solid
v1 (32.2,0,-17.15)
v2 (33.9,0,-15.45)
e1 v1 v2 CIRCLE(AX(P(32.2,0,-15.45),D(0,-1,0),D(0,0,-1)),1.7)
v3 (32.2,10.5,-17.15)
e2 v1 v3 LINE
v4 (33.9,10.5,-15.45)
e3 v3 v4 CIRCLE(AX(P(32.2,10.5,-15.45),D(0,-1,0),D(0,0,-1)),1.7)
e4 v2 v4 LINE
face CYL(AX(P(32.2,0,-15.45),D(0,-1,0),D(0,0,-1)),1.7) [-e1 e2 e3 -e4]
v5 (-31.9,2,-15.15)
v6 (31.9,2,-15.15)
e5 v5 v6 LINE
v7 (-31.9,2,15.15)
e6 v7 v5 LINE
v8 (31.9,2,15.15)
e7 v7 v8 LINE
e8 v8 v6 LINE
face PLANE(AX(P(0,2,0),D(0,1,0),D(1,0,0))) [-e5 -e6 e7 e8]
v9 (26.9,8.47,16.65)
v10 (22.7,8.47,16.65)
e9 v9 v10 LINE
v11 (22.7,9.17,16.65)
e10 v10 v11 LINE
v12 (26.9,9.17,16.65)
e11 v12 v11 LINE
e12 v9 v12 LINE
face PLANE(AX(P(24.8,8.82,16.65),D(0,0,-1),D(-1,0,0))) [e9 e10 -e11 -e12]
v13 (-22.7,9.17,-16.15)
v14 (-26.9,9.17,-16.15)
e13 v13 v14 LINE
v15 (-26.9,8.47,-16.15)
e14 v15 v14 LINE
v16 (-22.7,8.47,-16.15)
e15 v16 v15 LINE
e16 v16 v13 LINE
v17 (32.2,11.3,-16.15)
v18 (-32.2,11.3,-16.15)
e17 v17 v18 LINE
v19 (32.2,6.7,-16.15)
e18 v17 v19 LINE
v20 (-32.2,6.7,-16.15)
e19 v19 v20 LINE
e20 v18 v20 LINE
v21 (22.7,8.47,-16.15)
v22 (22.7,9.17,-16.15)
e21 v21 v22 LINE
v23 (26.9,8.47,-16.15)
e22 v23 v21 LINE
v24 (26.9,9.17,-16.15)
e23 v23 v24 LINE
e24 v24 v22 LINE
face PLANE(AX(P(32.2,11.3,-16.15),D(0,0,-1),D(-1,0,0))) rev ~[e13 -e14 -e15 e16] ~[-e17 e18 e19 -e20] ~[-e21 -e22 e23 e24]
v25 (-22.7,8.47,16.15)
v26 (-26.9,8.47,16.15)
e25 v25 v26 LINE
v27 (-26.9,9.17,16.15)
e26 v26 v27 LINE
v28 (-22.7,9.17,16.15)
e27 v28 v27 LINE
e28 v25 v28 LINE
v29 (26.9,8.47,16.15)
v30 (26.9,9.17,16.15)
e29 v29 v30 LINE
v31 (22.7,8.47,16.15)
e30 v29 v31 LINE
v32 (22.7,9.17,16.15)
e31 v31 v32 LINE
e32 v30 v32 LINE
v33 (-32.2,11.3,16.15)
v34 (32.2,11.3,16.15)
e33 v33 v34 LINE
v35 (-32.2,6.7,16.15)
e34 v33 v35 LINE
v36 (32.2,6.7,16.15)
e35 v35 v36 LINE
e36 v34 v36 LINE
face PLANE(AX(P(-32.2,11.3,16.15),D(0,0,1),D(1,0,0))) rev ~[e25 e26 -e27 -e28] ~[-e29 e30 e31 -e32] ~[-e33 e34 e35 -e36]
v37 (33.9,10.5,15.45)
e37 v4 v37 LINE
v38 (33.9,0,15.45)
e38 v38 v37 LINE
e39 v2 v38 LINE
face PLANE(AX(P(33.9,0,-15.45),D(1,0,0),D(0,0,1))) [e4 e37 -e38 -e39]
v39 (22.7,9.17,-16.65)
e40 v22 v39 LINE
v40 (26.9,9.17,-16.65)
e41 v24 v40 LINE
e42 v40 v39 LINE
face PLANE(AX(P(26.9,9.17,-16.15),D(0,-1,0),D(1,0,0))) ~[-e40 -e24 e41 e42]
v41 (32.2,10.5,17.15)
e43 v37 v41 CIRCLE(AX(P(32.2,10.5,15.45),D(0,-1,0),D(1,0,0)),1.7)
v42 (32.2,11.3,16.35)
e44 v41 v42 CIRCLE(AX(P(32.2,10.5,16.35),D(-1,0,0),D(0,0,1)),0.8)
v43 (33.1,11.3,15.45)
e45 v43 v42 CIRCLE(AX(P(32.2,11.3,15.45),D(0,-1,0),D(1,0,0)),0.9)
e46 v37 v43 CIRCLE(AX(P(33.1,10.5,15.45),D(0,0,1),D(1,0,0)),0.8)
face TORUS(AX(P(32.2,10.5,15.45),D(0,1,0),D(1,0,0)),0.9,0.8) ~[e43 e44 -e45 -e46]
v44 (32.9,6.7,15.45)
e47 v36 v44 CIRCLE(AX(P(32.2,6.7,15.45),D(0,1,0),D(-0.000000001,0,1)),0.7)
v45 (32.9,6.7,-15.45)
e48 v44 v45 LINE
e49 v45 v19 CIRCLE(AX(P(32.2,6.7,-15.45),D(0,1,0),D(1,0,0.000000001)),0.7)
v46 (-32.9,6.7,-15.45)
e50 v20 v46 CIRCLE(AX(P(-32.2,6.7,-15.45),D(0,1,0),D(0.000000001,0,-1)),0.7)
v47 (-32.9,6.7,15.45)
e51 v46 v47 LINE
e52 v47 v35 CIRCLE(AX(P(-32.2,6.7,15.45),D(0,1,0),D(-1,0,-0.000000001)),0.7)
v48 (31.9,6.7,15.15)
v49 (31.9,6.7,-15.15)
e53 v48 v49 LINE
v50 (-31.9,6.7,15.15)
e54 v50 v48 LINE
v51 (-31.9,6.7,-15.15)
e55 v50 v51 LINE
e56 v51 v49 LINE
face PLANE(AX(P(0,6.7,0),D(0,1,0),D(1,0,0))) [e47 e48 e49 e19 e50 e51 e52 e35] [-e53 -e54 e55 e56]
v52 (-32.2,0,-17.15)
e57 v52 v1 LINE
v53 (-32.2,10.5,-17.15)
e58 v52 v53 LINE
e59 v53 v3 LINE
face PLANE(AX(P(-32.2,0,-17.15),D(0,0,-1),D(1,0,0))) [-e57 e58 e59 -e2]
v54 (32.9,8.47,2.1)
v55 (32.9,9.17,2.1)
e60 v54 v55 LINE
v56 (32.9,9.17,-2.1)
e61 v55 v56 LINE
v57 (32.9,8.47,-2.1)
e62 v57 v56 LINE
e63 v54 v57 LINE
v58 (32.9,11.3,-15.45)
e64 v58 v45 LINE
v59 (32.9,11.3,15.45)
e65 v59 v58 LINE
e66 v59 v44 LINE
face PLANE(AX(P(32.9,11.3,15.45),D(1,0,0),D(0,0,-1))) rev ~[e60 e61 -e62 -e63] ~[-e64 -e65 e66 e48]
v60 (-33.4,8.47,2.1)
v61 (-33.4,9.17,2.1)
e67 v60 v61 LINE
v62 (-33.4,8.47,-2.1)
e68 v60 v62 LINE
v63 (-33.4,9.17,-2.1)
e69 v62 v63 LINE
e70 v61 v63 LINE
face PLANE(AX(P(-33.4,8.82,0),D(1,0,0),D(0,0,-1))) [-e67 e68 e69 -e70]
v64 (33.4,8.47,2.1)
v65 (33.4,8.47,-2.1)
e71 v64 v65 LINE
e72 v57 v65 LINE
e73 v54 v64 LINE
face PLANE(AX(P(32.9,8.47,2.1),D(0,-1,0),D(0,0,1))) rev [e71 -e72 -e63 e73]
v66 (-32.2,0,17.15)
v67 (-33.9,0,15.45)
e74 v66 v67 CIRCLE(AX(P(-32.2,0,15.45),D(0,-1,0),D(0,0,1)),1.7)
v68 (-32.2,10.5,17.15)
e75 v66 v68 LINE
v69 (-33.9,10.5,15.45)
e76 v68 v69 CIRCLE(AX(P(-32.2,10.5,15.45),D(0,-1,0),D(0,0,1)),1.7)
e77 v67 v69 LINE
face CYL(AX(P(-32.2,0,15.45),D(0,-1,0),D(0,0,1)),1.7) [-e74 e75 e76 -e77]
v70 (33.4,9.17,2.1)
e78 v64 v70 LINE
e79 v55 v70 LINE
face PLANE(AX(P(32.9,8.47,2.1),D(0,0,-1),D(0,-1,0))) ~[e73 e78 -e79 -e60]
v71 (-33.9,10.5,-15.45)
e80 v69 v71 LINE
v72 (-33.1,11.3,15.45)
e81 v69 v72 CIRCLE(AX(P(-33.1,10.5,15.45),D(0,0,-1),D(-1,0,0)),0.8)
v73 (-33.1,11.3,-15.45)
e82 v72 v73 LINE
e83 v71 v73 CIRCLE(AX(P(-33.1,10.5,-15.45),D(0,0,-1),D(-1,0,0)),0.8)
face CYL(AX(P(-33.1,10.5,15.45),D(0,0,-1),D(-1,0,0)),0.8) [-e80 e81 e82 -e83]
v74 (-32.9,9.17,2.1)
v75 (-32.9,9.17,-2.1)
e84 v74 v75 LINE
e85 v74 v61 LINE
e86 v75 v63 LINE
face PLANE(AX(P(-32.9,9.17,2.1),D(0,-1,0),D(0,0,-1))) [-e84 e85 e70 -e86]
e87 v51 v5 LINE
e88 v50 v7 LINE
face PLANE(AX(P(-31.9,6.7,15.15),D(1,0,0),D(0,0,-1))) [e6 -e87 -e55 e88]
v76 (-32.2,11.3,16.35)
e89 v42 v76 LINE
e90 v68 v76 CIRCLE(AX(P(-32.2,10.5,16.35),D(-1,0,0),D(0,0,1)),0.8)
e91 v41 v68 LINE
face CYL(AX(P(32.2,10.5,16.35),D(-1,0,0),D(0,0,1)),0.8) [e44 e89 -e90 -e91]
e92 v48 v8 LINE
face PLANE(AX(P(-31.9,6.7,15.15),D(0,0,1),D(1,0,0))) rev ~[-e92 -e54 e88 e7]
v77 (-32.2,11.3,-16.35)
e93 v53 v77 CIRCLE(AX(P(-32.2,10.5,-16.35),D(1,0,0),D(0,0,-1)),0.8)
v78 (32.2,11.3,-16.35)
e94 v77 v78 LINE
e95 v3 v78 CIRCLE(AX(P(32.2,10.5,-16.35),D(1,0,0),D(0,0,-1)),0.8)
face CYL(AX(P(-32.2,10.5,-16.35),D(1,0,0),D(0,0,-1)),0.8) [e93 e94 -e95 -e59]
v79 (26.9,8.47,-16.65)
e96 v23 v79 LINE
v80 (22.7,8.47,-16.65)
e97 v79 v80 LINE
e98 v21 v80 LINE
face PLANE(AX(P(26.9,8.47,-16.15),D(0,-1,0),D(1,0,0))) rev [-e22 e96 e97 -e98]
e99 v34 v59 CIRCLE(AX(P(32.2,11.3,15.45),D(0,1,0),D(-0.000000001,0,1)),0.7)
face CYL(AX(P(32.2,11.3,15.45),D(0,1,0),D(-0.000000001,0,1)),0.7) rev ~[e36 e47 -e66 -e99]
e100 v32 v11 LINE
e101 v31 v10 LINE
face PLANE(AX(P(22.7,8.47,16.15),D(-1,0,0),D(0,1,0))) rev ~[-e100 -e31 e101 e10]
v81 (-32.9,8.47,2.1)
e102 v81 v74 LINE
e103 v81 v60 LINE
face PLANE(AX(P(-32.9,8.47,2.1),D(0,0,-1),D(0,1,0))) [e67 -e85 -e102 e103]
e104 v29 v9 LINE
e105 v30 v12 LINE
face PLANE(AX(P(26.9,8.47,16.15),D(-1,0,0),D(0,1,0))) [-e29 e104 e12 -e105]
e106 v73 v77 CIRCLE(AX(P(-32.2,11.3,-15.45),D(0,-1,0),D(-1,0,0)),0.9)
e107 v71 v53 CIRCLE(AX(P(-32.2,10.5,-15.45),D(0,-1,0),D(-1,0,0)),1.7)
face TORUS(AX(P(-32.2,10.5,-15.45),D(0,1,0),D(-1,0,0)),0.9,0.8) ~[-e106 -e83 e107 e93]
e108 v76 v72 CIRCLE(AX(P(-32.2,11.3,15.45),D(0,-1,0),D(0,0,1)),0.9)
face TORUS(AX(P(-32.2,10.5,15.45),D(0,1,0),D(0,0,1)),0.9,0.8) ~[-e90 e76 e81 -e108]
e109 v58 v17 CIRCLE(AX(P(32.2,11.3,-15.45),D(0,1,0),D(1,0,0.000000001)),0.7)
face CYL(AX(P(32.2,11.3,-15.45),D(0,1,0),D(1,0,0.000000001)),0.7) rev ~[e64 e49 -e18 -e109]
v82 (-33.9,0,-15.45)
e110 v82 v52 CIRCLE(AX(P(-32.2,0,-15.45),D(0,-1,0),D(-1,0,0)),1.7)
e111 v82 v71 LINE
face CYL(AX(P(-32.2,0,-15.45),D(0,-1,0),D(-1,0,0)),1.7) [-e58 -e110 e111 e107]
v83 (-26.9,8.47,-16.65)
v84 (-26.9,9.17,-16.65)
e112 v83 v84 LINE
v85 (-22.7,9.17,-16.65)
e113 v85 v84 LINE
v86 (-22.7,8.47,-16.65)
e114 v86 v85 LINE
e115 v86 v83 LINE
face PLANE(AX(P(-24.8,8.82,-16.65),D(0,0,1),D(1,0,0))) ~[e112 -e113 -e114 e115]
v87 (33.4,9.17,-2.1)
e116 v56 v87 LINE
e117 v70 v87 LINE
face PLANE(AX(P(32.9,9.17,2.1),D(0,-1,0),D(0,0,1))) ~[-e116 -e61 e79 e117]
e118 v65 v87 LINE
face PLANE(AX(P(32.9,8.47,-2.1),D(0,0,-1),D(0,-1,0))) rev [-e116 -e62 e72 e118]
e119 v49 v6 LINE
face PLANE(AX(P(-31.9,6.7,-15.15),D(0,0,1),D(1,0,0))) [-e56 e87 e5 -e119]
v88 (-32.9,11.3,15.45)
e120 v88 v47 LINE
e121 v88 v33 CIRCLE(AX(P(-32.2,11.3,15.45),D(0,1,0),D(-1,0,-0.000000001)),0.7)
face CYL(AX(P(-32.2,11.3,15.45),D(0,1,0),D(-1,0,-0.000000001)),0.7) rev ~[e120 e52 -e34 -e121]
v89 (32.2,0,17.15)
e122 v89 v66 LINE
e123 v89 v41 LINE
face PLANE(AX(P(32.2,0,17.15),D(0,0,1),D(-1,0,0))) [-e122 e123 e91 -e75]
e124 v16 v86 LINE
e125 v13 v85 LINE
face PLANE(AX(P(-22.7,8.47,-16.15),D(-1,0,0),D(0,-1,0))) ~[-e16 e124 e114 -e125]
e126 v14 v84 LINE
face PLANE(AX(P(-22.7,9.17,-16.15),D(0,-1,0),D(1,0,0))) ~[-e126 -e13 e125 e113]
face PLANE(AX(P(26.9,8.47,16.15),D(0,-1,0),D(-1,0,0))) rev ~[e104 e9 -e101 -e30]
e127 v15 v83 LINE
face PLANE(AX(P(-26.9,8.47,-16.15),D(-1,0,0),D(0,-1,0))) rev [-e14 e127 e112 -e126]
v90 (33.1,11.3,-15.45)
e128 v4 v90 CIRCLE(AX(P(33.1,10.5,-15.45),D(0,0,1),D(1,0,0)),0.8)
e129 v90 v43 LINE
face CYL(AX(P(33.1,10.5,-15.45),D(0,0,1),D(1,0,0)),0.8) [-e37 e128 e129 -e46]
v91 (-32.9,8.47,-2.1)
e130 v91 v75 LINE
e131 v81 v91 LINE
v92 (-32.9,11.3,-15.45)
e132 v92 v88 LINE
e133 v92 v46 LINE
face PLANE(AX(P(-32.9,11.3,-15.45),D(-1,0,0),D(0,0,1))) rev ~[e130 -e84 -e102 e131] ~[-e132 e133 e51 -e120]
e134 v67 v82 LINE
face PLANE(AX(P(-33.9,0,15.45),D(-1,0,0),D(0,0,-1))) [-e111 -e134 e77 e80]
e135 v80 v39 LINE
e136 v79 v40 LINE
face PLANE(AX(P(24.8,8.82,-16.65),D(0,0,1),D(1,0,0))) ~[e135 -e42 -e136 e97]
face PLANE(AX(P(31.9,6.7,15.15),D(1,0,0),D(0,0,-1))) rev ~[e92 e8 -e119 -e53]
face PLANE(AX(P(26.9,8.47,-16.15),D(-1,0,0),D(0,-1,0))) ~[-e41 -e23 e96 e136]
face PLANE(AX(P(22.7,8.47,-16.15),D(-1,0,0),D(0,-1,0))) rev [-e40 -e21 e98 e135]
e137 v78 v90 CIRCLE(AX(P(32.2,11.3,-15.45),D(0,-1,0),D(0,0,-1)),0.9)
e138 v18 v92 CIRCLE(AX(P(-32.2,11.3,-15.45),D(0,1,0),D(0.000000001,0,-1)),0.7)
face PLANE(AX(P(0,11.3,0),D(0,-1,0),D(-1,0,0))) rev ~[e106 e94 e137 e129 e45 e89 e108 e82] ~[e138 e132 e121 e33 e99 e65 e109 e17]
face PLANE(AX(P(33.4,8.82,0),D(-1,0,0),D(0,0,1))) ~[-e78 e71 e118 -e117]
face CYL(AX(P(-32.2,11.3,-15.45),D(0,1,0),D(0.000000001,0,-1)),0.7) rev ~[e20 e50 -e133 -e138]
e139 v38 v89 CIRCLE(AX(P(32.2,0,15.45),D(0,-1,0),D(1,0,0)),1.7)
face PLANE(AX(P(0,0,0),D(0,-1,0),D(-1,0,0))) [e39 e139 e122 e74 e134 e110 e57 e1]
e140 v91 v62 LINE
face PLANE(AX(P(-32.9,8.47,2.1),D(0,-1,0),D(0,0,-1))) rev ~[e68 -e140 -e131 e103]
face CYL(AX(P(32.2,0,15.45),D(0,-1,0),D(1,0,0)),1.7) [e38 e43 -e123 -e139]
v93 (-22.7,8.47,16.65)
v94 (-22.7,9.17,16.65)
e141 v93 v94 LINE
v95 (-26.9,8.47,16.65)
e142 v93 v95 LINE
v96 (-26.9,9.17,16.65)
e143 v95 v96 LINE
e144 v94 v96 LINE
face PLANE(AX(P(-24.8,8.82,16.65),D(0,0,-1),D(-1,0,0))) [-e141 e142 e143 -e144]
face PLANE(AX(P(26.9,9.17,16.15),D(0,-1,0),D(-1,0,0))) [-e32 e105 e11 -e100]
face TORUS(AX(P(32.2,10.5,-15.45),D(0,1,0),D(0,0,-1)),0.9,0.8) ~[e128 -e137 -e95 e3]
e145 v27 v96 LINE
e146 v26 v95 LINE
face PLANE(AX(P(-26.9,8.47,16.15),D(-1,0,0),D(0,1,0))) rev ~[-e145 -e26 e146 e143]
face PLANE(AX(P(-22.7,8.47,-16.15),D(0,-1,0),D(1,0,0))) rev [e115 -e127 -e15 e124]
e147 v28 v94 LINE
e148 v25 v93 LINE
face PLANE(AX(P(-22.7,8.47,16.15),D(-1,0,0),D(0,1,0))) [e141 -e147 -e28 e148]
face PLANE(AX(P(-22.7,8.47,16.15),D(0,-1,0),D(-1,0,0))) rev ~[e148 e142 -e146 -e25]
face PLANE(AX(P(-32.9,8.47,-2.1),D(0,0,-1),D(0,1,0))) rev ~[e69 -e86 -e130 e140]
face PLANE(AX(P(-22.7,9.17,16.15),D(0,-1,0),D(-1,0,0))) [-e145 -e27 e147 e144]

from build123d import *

# Parameters (mm, degrees)
EXTRUDE_1_DEPTH     = 11.3
CUT_EXTRUDE_1_DEPTH = 4.6
SKETCH_3_W          = 63.8
SKETCH_3_H          = 30.3
CUT_EXTRUDE_2_DEPTH = 4.7
SKETCH_4_W          = 4.2
SKETCH_4_H          = 0.7
CUT_EXTRUDE_3_DEPTH = 0.5
SKETCH_5_W          = 4.2
SKETCH_5_H          = 0.7
CUT_EXTRUDE_4_DEPTH = 0.5
FILLET_4_R          = 0.8


with BuildPart() as part:
    # 草图1 → 凸台-拉伸1 (new body)
    with BuildSketch(Plane(origin=(0, 0, 0), x_dir=(1, 0, 0), z_dir=(0, 1, 0))):
        with BuildLine():
            Line((-32.2, 17.15), (32.2, 17.15))
            ThreePointArc((32.2, 17.15), (33.402081528, 16.652081528), (33.9, 15.45))
            Line((33.9, 15.45), (33.9, -15.45))
            ThreePointArc((33.9, -15.45), (33.402081528, -16.652081528), (32.2, -17.15))
            Line((32.2, -17.15), (-32.2, -17.15))
            ThreePointArc((-32.2, -17.15), (-33.402081528, -16.652081528), (-33.9, -15.45))
            Line((-33.9, -15.45), (-33.9, 15.45))
            ThreePointArc((-33.9, 15.45), (-33.402081528, 16.652081528), (-32.2, 17.15))
        make_face()
    extrude(amount=EXTRUDE_1_DEPTH)

    # 草图2 → 切除-拉伸1 (cut)
    with BuildSketch(Plane(origin=(0, 11.3, 0), x_dir=(1, 0, 0), z_dir=(0, 1, 0))):
        with BuildLine():
            Line((32.9, -15.45), (32.9, 15.45))
            ThreePointArc((32.9, 15.45), (32.694974747, 15.944974747), (32.2, 16.15))
            Line((32.2, 16.15), (-32.2, 16.15))
            ThreePointArc((-32.2, 16.15), (-32.694974747, 15.944974747), (-32.9, 15.45))
            Line((-32.9, 15.45), (-32.9, -15.45))
            ThreePointArc((-32.9, -15.45), (-32.694974747, -15.944974747), (-32.2, -16.15))
            Line((-32.2, -16.15), (32.2, -16.15))
            ThreePointArc((32.2, -16.15), (32.694974747, -15.944974747), (32.9, -15.45))
        make_face()
    extrude(amount=-CUT_EXTRUDE_1_DEPTH, mode=Mode.SUBTRACT)

    # 草图3 → 切除-拉伸2 (cut)
    with BuildSketch(Plane(origin=(0, 6.7, 0), x_dir=(1, 0, 0), z_dir=(0, 1, 0))):
        Rectangle(SKETCH_3_W, SKETCH_3_H)
    extrude(amount=-CUT_EXTRUDE_2_DEPTH, mode=Mode.SUBTRACT)

    # 草图4 → 切除-拉伸3 (cut)
    with BuildSketch(Plane(origin=(-32.9, 0, 0), x_dir=(0, 0, -1), z_dir=(1, 0, 0))):
        with Locations((0, 8.82)):
            Rectangle(SKETCH_4_W, SKETCH_4_H)
    cut_extrude_3 = extrude(amount=-CUT_EXTRUDE_3_DEPTH, mode=Mode.SUBTRACT)

    # 镜向1: 切除-拉伸3 across plane
    add(cut_extrude_3.mirror(Plane(origin=(0, 0, 0), x_dir=(0, 0, 1), z_dir=(1, 0, 0))), mode=Mode.SUBTRACT)

    # 草图5 → 切除-拉伸4 (cut)
    with BuildSketch(Plane(origin=(0, 0, 16.15), x_dir=(-1, 0, 0), z_dir=(0, 0, -1))):
        with Locations((-24.8, 8.82)):
            Rectangle(SKETCH_5_W, SKETCH_5_H)
        with Locations((24.8, 8.82)):
            Rectangle(SKETCH_5_W, SKETCH_5_H)
    cut_extrude_4 = extrude(amount=-CUT_EXTRUDE_4_DEPTH, mode=Mode.SUBTRACT)

    # 镜向2: 切除-拉伸4 across plane
    add(cut_extrude_4.mirror(Plane.XY), mode=Mode.SUBTRACT)

    # 圆角4
    fillet_4_edges = [part.edges().sort_by_distance(p)[0] for p in [
        (-33.402081528, 11.3, -16.652081528),
        (-33.9, 11.3, 0),
        (-33.402081528, 11.3, 16.652081528),
        (0, 11.3, 17.15),
        (33.402081528, 11.3, 16.652081528),
        (33.9, 11.3, 0),
        (33.402081528, 11.3, -16.652081528),
        (0, 11.3, -17.15),
    ]]
    fillet(fillet_4_edges, radius=FILLET_4_R)


solid = part.part
